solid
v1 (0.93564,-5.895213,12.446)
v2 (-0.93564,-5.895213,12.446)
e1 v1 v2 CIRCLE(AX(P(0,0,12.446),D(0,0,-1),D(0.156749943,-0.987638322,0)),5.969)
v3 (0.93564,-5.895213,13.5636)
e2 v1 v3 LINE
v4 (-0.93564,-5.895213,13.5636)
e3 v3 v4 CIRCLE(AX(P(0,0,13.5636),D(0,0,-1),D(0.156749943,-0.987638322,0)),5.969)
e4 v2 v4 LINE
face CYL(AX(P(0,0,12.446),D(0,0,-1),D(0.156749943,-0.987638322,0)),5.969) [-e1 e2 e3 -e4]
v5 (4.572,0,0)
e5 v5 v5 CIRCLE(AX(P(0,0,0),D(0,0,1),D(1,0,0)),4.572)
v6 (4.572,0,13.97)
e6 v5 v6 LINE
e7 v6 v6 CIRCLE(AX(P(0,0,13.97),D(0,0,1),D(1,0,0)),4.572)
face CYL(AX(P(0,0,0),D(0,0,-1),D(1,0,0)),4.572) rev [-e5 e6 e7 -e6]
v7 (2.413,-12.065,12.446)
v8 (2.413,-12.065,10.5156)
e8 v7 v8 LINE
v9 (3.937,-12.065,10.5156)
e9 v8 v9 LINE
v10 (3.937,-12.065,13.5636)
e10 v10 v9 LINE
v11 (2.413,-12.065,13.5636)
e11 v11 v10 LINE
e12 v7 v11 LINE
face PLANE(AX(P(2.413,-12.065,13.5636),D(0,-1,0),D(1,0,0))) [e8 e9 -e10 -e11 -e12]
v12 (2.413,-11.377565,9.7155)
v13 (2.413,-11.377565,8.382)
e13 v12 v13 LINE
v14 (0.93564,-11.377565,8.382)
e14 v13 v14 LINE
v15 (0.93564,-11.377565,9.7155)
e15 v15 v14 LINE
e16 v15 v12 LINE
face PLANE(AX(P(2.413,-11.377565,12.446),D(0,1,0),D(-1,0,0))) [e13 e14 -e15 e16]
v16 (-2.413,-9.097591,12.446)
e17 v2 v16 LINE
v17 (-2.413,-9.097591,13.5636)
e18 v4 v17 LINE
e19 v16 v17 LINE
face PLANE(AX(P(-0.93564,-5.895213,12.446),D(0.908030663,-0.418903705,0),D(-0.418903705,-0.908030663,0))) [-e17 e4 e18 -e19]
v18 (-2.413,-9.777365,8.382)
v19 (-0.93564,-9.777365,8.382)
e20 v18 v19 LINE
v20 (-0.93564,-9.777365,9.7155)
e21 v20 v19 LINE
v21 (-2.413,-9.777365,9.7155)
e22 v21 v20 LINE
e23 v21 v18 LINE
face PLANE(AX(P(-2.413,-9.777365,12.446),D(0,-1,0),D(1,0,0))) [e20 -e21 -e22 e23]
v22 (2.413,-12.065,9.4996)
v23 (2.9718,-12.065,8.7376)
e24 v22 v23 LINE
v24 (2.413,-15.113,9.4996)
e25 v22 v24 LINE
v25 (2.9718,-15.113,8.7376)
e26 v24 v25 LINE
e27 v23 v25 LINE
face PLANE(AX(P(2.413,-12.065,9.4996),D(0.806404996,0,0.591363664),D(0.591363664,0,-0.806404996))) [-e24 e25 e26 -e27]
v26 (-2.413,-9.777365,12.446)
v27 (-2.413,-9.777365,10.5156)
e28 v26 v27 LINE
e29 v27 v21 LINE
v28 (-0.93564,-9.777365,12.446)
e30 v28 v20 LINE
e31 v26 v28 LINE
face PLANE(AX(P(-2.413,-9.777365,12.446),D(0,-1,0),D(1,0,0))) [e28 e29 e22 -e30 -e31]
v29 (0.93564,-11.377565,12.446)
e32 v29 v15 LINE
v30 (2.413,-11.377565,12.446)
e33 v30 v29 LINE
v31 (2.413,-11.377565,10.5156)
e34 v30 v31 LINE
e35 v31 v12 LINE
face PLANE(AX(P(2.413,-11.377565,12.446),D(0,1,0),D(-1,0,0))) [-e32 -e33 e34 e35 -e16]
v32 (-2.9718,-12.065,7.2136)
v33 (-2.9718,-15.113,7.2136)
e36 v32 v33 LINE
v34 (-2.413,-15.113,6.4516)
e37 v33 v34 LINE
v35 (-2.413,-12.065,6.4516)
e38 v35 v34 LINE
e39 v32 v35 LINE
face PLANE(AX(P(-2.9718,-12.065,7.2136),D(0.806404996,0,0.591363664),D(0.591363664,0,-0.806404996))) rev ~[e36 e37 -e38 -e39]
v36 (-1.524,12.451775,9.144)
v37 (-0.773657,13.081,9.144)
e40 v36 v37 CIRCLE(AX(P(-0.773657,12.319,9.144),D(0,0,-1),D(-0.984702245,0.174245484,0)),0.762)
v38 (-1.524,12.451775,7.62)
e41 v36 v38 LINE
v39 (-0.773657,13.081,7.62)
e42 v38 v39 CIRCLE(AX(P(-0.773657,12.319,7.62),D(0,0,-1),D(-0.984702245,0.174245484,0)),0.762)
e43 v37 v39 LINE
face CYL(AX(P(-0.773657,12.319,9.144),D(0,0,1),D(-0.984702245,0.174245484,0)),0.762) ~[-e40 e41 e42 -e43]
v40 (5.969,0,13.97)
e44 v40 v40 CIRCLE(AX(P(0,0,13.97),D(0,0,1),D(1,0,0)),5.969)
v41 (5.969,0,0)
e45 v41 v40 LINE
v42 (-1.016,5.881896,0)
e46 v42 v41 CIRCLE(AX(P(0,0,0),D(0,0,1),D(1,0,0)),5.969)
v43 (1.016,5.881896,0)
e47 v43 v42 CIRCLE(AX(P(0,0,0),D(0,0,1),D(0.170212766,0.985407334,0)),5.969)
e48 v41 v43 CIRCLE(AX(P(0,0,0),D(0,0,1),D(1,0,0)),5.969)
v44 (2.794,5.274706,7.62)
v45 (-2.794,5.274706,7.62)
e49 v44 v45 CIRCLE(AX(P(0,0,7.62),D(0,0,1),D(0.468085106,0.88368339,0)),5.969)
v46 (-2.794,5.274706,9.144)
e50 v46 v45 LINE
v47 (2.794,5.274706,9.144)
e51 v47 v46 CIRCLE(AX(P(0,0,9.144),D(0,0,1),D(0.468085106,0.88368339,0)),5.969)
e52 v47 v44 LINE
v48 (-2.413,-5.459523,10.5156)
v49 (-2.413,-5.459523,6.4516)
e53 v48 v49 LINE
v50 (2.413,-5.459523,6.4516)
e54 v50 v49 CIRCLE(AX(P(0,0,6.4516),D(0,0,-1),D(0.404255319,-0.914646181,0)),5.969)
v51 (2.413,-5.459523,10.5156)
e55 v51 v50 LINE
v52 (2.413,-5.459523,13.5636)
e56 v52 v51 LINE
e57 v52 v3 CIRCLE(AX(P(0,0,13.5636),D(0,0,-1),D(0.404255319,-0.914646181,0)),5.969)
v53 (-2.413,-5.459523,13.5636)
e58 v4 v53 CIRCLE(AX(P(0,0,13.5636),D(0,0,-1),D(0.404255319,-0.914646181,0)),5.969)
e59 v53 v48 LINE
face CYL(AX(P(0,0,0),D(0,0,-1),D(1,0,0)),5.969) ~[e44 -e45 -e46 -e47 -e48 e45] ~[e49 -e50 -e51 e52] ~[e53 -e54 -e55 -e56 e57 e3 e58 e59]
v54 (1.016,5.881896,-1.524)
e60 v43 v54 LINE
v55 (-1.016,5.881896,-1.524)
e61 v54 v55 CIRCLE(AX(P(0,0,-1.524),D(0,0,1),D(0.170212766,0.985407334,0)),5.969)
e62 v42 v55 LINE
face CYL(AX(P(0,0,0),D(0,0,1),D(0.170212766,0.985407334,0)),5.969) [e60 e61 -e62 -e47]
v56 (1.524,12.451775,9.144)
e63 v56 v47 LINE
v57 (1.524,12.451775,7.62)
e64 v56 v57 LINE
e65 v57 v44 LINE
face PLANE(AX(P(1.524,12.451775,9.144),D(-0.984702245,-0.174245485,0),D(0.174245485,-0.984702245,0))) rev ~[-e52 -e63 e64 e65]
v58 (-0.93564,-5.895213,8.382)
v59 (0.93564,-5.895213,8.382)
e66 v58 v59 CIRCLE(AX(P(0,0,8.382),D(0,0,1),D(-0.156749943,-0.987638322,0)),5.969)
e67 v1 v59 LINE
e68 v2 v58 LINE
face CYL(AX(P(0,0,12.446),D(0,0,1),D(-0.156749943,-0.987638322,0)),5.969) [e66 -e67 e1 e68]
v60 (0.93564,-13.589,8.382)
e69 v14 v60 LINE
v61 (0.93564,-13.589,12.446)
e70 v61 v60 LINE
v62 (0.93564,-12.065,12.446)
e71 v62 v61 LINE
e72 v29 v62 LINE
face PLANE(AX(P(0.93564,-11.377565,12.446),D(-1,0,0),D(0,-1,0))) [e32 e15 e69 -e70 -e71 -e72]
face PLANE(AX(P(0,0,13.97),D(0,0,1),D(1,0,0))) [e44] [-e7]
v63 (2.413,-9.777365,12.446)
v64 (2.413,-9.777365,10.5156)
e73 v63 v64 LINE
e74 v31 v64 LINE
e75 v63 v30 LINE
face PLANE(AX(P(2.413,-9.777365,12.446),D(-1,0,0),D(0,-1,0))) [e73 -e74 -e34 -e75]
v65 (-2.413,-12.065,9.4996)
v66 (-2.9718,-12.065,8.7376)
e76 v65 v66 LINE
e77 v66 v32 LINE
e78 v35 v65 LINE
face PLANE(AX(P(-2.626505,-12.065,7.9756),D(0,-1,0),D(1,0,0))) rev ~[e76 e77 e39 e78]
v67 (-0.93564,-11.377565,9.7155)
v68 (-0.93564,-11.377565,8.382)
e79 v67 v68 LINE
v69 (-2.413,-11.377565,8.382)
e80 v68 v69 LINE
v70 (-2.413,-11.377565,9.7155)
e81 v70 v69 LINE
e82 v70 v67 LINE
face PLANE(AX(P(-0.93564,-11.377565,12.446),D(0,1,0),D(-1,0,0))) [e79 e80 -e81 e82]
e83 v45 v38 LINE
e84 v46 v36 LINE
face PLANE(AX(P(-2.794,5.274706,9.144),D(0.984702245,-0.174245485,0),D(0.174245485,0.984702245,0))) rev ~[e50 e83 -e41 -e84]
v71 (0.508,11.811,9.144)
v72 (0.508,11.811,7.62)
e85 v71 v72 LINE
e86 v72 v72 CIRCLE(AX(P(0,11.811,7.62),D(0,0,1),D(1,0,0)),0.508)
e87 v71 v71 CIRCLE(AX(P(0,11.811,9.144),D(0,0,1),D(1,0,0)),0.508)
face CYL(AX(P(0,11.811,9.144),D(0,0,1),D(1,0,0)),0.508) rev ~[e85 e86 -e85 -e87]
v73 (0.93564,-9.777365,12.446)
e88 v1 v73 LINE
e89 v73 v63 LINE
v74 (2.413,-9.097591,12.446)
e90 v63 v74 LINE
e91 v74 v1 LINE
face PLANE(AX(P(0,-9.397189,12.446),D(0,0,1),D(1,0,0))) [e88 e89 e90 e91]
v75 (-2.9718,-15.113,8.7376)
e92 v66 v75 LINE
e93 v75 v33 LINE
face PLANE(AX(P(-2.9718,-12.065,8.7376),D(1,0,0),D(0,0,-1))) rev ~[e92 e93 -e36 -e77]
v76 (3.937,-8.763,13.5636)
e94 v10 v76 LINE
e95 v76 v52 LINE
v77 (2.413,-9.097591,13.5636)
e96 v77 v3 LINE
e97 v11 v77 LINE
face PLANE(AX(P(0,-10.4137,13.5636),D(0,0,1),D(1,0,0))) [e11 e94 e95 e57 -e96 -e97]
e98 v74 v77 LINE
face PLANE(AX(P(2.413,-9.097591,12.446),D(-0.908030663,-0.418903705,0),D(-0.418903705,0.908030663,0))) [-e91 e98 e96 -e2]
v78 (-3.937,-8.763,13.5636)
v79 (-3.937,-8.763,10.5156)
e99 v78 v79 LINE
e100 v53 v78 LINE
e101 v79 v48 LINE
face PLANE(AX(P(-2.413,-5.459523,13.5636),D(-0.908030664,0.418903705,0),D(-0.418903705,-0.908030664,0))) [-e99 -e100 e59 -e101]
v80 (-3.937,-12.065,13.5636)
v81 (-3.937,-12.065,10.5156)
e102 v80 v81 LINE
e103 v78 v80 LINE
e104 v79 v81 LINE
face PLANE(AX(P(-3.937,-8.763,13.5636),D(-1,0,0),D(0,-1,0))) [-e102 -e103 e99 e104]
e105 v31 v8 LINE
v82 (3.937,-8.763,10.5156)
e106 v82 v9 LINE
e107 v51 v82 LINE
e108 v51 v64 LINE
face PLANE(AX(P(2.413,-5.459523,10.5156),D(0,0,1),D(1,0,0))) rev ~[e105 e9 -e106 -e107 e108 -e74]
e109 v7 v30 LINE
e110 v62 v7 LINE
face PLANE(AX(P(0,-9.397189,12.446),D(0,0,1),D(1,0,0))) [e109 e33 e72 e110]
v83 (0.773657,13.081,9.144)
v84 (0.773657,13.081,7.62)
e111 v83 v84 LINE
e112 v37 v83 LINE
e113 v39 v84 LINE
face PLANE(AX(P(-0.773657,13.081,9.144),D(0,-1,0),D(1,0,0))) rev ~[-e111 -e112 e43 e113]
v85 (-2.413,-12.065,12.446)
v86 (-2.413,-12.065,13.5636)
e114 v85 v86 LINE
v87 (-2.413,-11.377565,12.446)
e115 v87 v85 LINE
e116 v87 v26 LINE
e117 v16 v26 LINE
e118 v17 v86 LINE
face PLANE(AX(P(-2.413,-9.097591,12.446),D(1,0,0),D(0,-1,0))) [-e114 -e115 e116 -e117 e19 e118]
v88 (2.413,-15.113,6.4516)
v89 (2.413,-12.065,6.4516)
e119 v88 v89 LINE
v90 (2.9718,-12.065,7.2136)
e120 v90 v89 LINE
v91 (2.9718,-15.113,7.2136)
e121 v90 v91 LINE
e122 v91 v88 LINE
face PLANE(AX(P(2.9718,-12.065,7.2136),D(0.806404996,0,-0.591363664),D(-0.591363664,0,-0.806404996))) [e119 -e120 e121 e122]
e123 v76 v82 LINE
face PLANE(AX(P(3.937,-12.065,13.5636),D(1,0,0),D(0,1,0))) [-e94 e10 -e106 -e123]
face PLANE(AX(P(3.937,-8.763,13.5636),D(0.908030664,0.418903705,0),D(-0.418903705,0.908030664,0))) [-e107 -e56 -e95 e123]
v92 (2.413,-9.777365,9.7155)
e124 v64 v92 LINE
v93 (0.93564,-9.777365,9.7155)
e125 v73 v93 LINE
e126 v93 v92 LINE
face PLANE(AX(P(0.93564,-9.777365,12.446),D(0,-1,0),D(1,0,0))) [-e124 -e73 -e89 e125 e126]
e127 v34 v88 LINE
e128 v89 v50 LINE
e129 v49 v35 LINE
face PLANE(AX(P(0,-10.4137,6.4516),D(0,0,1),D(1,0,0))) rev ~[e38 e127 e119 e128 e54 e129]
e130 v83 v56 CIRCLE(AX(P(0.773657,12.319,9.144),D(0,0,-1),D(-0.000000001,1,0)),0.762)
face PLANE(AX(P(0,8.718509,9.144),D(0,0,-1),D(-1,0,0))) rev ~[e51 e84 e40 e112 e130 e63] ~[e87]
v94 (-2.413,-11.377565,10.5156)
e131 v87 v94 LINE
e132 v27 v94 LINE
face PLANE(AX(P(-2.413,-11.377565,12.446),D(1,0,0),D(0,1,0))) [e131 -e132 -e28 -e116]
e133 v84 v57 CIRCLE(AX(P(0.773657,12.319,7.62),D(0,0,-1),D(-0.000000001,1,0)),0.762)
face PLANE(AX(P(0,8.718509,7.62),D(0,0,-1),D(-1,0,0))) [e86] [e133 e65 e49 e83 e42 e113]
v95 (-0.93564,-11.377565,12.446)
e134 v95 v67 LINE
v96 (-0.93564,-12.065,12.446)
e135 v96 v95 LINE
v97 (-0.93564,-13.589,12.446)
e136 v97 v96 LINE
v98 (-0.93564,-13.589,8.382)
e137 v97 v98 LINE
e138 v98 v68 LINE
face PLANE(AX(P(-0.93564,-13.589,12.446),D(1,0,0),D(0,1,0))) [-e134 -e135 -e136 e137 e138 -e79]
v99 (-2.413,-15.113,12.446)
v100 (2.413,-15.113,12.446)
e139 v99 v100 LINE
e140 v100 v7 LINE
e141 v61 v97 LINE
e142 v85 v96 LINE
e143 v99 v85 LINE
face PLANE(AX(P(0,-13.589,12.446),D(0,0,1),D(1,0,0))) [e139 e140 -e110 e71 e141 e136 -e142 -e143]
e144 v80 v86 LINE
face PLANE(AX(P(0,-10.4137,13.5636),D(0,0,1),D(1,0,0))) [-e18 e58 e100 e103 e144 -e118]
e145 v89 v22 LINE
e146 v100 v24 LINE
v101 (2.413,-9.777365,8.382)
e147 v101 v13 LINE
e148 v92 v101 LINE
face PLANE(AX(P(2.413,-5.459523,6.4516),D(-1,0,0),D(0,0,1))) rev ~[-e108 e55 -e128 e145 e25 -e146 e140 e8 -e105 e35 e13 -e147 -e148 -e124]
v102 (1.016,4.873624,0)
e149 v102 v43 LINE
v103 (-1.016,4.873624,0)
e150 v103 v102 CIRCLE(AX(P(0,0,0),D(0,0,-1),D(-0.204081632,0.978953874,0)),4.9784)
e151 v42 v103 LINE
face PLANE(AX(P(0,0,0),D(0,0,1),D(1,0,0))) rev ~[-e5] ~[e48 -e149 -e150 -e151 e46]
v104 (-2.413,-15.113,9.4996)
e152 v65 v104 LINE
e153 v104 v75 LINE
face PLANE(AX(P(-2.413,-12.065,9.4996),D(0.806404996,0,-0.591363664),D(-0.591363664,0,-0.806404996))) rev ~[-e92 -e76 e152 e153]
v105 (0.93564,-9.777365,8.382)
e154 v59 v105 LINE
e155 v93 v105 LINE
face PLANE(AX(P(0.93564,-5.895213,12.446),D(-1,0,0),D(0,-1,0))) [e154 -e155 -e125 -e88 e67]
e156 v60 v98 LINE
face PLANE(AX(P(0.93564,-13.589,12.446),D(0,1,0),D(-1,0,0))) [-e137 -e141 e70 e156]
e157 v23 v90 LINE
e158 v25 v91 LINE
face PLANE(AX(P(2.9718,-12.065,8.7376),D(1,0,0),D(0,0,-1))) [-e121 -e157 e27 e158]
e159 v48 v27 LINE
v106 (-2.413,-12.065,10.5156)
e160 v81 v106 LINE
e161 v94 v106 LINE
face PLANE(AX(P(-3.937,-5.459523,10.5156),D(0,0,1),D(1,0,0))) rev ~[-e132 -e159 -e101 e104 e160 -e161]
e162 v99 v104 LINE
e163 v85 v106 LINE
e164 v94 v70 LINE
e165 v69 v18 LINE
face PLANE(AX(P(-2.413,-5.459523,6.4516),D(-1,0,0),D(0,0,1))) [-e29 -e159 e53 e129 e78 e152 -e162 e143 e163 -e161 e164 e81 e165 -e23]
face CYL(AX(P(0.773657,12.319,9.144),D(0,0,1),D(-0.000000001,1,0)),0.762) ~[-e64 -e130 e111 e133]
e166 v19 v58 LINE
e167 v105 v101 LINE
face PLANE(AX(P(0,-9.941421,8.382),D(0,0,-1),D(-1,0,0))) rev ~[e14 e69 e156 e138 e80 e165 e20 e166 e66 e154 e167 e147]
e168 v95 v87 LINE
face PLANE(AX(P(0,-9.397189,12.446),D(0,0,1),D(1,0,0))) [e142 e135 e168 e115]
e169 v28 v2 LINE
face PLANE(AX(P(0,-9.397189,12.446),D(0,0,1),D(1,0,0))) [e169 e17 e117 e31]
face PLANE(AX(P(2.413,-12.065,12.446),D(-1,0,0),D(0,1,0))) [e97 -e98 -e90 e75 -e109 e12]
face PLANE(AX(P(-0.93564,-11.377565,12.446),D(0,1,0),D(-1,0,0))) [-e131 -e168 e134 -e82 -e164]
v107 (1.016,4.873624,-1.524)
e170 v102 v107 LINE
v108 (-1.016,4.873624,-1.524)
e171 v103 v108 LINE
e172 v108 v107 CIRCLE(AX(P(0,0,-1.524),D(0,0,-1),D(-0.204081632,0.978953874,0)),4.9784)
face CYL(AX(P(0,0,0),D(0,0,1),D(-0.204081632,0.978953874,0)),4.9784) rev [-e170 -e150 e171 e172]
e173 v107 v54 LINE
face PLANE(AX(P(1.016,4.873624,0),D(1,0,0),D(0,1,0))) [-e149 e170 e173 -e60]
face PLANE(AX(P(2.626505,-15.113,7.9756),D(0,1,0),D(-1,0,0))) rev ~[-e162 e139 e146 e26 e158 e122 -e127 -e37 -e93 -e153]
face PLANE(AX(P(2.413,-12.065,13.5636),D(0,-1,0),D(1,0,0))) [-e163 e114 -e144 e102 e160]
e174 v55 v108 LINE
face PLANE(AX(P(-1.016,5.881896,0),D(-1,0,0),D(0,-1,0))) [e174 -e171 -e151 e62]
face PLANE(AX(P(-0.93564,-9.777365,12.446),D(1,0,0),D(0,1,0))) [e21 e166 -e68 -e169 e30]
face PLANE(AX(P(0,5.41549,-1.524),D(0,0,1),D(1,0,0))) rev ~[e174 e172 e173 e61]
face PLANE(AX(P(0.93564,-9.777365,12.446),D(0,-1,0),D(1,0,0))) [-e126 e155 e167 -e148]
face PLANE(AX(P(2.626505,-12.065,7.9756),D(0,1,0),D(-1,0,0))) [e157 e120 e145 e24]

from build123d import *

# Parameters (mm, degrees)
SKETCH1_R           = 5.969
SKETCH1_R_2         = 4.572
BASE_EXTRUDE_DEPTH  = 13.97
BOSS_EXTRUDE1_DEPTH = 7.112
SKETCH3_W           = 4.826
SKETCH3_H           = 3.048
CUT_EXTRUDE1_DEPTH  = 1.524
CUT_EXTRUDE2_START  = -6.605477
SKETCH4_W           = 1.524
SKETCH4_H           = 4.064
CUT_EXTRUDE2_DEPTH  = 6.605477
CUT_EXTRUDE3_REACH  = 10.382
SKETCH5_R           = 0.8001
BOSS_EXTRUDE2_DEPTH = 1.524
SKETCH7_R           = 0.508
CUT_EXTRUDE4_DEPTH  = 10.144
BOSS_EXTRUDE3_DEPTH = 1.524
BOSS_EXTRUDE4_START = -3.048
BOSS_EXTRUDE4_DEPTH = 3.048
CUT_EXTRUDE5_START  = -1.1176
CUT_EXTRUDE5_DEPTH  = 1.1176
CUT_EXTRUDE6_DEPTH  = 4.064


with BuildPart() as part:
    # Sketch1 → Base-Extrude (new body)
    with BuildSketch(Plane.XY):
        Circle(SKETCH1_R)
        Circle(SKETCH1_R_2, mode=Mode.SUBTRACT)
    extrude(amount=BASE_EXTRUDE_DEPTH)

    # Sketch2 → Boss-Extrude1 (add)
    with BuildSketch(Plane.XY.offset(13.5636)):
        with BuildLine():
            Line((-2.413, -5.459523056), (-3.937, -8.763))
            Line((-3.937, -8.763), (-3.937, -12.065))
            Line((-3.937, -12.065), (-2.413, -12.065))
            Line((-2.413, -12.065), (-2.413, -15.113))
            Line((-2.413, -15.113), (2.413, -15.113))
            Line((2.413, -15.113), (2.413, -12.065))
            Line((2.413, -12.065), (3.937, -12.065))
            Line((3.937, -12.065), (3.937, -8.763))
            Line((3.937, -8.763), (2.413, -5.459523056))
            ThreePointArc((2.413, -5.459523056), (0, -5.969), (-2.413, -5.459523056))
        make_face()
    extrude(amount=-BOSS_EXTRUDE1_DEPTH)

    # Sketch3 → Cut-Extrude1 (cut)
    with BuildSketch(Plane.XY.offset(13.97)):
        with Locations((0, -13.589)):
            Rectangle(SKETCH3_W, SKETCH3_H)
    extrude(amount=-CUT_EXTRUDE1_DEPTH, mode=Mode.SUBTRACT)

    # Sketch4 → Cut-Extrude2 (cut)
    with BuildSketch(Plane.XZ.offset(12.065).offset(CUT_EXTRUDE2_START)):
        with Locations((3.175, 8.4836)):
            Rectangle(SKETCH4_W, SKETCH4_H)
        with Locations((-3.175, 8.4836)):
            Rectangle(SKETCH4_W, SKETCH4_H)
    extrude(amount=CUT_EXTRUDE2_DEPTH, mode=Mode.SUBTRACT)

    # Sketch5 → Cut-Extrude3 (cut, up to next)
    with BuildSketch(Plane(origin=(2.413, 0, 0), x_dir=(0, 0, -1), z_dir=(1, 0, 0)), mode=Mode.PRIVATE) as cut_extrude3_sk1:
        with Locations((-9.7155, -10.577465123)):
            Circle(SKETCH5_R)
    cut_extrude3_tool1 = extrude(cut_extrude3_sk1.sketch, amount=-CUT_EXTRUDE3_REACH, mode=Mode.PRIVATE) & part.part
    add(cut_extrude3_tool1.solids().sort_by_distance((2.413, -10.577465, 9.7155))[0], mode=Mode.SUBTRACT)

    # Sketch6 → Boss-Extrude2 (add)
    with BuildSketch(Plane.XY.offset(9.144)):
        with BuildLine():
            Line((-2.794, 5.274706153), (-1.524, 12.451775059))
            ThreePointArc((-1.524, 12.451775059), (-1.263283995, 12.902874385), (-0.773656889, 13.081))
            Line((-0.773656889, 13.081), (0.773656889, 13.081))
            ThreePointArc((0.773656889, 13.081), (1.263283995, 12.902874385), (1.524, 12.451775059))
            Line((1.524, 12.451775059), (2.794, 5.274706153))
            ThreePointArc((2.794, 5.274706153), (0, 5.969), (-2.794, 5.274706153))
        make_face()
    extrude(amount=-BOSS_EXTRUDE2_DEPTH)

    # Sketch7 → Cut-Extrude4 (cut, through all)
    with BuildSketch(Plane.XY.offset(9.144)):
        with Locations((0, 11.811)):
            Circle(SKETCH7_R)
    extrude(amount=-CUT_EXTRUDE4_DEPTH, mode=Mode.SUBTRACT)

    # Sketch8 → Boss-Extrude3 (add)
    with BuildSketch(Plane(origin=(0, 0, 0), x_dir=(-1, 0, 0), z_dir=(0, 0, -1))):
        with BuildLine():
            Line((-1.016, 4.873623966), (-1.016, 5.881896378))
            ThreePointArc((-1.016, 5.881896378), (0, 5.969), (1.016, 5.881896378))
            Line((1.016, 5.881896378), (1.016, 4.873623966))
            ThreePointArc((1.016, 4.873623966), (0, 4.9784), (-1.016, 4.873623966))
        make_face()
    extrude(amount=BOSS_EXTRUDE3_DEPTH)

    # Sketch9 → Boss-Extrude4 (add)
    with BuildSketch(Plane.XZ.offset(15.113).offset(BOSS_EXTRUDE4_START)):
        Polygon((2.413, 9.4996), (2.9718, 8.7376), (2.9718, 7.2136), (2.413, 6.4516), align=None)
        Polygon((-2.413, 9.4996), (-2.9718, 8.7376), (-2.9718, 7.2136), (-2.413, 6.4516), align=None)
    extrude(amount=BOSS_EXTRUDE4_DEPTH)

    # Sketch10 → Cut-Extrude5 (cut)
    with BuildSketch(Plane.XY.offset(13.5636).offset(CUT_EXTRUDE5_START)):
        with BuildLine():
            Line((-2.413, -12.065), (2.413, -12.065))
            Line((2.413, -12.065), (2.413, -9.097590664))
            Line((2.413, -9.097590664), (0.935640411, -5.895213145))
            ThreePointArc((0.935640411, -5.895213145), (0, -5.969), (-0.935640411, -5.895213145))
            Line((-0.935640411, -5.895213145), (-2.413, -9.097590664))
            Line((-2.413, -9.097590664), (-2.413, -12.065))
        make_face()
    extrude(amount=CUT_EXTRUDE5_DEPTH, mode=Mode.SUBTRACT)

    # Sketch12 → Cut-Extrude6 (cut)
    with BuildSketch(Plane.XY.offset(12.446)):
        with BuildLine():
            Line((0.935640411, -5.895213145), (0.935640411, -9.777365123))
            Line((0.935640411, -9.777365123), (2.413, -9.777365123))
            Line((2.413, -9.777365123), (2.413, -11.377565123))
            Line((2.413, -11.377565123), (0.935640411, -11.377565123))
            Line((0.935640411, -11.377565123), (0.935640411, -13.589))
            Line((0.935640411, -13.589), (-0.935640411, -13.589))
            Line((-0.935640411, -13.589), (-0.935640411, -11.377565123))
            Line((-0.935640411, -11.377565123), (-2.413, -11.377565123))
            Line((-2.413, -11.377565123), (-2.413, -9.777365123))
            Line((-2.413, -9.777365123), (-0.935640411, -9.777365123))
            Line((-0.935640411, -9.777365123), (-0.935640411, -5.895213145))
            ThreePointArc((-0.935640411, -5.895213145), (0, -5.969), (0.935640411, -5.895213145))
        make_face()
    extrude(amount=-CUT_EXTRUDE6_DEPTH, mode=Mode.SUBTRACT)


solid = part.part
